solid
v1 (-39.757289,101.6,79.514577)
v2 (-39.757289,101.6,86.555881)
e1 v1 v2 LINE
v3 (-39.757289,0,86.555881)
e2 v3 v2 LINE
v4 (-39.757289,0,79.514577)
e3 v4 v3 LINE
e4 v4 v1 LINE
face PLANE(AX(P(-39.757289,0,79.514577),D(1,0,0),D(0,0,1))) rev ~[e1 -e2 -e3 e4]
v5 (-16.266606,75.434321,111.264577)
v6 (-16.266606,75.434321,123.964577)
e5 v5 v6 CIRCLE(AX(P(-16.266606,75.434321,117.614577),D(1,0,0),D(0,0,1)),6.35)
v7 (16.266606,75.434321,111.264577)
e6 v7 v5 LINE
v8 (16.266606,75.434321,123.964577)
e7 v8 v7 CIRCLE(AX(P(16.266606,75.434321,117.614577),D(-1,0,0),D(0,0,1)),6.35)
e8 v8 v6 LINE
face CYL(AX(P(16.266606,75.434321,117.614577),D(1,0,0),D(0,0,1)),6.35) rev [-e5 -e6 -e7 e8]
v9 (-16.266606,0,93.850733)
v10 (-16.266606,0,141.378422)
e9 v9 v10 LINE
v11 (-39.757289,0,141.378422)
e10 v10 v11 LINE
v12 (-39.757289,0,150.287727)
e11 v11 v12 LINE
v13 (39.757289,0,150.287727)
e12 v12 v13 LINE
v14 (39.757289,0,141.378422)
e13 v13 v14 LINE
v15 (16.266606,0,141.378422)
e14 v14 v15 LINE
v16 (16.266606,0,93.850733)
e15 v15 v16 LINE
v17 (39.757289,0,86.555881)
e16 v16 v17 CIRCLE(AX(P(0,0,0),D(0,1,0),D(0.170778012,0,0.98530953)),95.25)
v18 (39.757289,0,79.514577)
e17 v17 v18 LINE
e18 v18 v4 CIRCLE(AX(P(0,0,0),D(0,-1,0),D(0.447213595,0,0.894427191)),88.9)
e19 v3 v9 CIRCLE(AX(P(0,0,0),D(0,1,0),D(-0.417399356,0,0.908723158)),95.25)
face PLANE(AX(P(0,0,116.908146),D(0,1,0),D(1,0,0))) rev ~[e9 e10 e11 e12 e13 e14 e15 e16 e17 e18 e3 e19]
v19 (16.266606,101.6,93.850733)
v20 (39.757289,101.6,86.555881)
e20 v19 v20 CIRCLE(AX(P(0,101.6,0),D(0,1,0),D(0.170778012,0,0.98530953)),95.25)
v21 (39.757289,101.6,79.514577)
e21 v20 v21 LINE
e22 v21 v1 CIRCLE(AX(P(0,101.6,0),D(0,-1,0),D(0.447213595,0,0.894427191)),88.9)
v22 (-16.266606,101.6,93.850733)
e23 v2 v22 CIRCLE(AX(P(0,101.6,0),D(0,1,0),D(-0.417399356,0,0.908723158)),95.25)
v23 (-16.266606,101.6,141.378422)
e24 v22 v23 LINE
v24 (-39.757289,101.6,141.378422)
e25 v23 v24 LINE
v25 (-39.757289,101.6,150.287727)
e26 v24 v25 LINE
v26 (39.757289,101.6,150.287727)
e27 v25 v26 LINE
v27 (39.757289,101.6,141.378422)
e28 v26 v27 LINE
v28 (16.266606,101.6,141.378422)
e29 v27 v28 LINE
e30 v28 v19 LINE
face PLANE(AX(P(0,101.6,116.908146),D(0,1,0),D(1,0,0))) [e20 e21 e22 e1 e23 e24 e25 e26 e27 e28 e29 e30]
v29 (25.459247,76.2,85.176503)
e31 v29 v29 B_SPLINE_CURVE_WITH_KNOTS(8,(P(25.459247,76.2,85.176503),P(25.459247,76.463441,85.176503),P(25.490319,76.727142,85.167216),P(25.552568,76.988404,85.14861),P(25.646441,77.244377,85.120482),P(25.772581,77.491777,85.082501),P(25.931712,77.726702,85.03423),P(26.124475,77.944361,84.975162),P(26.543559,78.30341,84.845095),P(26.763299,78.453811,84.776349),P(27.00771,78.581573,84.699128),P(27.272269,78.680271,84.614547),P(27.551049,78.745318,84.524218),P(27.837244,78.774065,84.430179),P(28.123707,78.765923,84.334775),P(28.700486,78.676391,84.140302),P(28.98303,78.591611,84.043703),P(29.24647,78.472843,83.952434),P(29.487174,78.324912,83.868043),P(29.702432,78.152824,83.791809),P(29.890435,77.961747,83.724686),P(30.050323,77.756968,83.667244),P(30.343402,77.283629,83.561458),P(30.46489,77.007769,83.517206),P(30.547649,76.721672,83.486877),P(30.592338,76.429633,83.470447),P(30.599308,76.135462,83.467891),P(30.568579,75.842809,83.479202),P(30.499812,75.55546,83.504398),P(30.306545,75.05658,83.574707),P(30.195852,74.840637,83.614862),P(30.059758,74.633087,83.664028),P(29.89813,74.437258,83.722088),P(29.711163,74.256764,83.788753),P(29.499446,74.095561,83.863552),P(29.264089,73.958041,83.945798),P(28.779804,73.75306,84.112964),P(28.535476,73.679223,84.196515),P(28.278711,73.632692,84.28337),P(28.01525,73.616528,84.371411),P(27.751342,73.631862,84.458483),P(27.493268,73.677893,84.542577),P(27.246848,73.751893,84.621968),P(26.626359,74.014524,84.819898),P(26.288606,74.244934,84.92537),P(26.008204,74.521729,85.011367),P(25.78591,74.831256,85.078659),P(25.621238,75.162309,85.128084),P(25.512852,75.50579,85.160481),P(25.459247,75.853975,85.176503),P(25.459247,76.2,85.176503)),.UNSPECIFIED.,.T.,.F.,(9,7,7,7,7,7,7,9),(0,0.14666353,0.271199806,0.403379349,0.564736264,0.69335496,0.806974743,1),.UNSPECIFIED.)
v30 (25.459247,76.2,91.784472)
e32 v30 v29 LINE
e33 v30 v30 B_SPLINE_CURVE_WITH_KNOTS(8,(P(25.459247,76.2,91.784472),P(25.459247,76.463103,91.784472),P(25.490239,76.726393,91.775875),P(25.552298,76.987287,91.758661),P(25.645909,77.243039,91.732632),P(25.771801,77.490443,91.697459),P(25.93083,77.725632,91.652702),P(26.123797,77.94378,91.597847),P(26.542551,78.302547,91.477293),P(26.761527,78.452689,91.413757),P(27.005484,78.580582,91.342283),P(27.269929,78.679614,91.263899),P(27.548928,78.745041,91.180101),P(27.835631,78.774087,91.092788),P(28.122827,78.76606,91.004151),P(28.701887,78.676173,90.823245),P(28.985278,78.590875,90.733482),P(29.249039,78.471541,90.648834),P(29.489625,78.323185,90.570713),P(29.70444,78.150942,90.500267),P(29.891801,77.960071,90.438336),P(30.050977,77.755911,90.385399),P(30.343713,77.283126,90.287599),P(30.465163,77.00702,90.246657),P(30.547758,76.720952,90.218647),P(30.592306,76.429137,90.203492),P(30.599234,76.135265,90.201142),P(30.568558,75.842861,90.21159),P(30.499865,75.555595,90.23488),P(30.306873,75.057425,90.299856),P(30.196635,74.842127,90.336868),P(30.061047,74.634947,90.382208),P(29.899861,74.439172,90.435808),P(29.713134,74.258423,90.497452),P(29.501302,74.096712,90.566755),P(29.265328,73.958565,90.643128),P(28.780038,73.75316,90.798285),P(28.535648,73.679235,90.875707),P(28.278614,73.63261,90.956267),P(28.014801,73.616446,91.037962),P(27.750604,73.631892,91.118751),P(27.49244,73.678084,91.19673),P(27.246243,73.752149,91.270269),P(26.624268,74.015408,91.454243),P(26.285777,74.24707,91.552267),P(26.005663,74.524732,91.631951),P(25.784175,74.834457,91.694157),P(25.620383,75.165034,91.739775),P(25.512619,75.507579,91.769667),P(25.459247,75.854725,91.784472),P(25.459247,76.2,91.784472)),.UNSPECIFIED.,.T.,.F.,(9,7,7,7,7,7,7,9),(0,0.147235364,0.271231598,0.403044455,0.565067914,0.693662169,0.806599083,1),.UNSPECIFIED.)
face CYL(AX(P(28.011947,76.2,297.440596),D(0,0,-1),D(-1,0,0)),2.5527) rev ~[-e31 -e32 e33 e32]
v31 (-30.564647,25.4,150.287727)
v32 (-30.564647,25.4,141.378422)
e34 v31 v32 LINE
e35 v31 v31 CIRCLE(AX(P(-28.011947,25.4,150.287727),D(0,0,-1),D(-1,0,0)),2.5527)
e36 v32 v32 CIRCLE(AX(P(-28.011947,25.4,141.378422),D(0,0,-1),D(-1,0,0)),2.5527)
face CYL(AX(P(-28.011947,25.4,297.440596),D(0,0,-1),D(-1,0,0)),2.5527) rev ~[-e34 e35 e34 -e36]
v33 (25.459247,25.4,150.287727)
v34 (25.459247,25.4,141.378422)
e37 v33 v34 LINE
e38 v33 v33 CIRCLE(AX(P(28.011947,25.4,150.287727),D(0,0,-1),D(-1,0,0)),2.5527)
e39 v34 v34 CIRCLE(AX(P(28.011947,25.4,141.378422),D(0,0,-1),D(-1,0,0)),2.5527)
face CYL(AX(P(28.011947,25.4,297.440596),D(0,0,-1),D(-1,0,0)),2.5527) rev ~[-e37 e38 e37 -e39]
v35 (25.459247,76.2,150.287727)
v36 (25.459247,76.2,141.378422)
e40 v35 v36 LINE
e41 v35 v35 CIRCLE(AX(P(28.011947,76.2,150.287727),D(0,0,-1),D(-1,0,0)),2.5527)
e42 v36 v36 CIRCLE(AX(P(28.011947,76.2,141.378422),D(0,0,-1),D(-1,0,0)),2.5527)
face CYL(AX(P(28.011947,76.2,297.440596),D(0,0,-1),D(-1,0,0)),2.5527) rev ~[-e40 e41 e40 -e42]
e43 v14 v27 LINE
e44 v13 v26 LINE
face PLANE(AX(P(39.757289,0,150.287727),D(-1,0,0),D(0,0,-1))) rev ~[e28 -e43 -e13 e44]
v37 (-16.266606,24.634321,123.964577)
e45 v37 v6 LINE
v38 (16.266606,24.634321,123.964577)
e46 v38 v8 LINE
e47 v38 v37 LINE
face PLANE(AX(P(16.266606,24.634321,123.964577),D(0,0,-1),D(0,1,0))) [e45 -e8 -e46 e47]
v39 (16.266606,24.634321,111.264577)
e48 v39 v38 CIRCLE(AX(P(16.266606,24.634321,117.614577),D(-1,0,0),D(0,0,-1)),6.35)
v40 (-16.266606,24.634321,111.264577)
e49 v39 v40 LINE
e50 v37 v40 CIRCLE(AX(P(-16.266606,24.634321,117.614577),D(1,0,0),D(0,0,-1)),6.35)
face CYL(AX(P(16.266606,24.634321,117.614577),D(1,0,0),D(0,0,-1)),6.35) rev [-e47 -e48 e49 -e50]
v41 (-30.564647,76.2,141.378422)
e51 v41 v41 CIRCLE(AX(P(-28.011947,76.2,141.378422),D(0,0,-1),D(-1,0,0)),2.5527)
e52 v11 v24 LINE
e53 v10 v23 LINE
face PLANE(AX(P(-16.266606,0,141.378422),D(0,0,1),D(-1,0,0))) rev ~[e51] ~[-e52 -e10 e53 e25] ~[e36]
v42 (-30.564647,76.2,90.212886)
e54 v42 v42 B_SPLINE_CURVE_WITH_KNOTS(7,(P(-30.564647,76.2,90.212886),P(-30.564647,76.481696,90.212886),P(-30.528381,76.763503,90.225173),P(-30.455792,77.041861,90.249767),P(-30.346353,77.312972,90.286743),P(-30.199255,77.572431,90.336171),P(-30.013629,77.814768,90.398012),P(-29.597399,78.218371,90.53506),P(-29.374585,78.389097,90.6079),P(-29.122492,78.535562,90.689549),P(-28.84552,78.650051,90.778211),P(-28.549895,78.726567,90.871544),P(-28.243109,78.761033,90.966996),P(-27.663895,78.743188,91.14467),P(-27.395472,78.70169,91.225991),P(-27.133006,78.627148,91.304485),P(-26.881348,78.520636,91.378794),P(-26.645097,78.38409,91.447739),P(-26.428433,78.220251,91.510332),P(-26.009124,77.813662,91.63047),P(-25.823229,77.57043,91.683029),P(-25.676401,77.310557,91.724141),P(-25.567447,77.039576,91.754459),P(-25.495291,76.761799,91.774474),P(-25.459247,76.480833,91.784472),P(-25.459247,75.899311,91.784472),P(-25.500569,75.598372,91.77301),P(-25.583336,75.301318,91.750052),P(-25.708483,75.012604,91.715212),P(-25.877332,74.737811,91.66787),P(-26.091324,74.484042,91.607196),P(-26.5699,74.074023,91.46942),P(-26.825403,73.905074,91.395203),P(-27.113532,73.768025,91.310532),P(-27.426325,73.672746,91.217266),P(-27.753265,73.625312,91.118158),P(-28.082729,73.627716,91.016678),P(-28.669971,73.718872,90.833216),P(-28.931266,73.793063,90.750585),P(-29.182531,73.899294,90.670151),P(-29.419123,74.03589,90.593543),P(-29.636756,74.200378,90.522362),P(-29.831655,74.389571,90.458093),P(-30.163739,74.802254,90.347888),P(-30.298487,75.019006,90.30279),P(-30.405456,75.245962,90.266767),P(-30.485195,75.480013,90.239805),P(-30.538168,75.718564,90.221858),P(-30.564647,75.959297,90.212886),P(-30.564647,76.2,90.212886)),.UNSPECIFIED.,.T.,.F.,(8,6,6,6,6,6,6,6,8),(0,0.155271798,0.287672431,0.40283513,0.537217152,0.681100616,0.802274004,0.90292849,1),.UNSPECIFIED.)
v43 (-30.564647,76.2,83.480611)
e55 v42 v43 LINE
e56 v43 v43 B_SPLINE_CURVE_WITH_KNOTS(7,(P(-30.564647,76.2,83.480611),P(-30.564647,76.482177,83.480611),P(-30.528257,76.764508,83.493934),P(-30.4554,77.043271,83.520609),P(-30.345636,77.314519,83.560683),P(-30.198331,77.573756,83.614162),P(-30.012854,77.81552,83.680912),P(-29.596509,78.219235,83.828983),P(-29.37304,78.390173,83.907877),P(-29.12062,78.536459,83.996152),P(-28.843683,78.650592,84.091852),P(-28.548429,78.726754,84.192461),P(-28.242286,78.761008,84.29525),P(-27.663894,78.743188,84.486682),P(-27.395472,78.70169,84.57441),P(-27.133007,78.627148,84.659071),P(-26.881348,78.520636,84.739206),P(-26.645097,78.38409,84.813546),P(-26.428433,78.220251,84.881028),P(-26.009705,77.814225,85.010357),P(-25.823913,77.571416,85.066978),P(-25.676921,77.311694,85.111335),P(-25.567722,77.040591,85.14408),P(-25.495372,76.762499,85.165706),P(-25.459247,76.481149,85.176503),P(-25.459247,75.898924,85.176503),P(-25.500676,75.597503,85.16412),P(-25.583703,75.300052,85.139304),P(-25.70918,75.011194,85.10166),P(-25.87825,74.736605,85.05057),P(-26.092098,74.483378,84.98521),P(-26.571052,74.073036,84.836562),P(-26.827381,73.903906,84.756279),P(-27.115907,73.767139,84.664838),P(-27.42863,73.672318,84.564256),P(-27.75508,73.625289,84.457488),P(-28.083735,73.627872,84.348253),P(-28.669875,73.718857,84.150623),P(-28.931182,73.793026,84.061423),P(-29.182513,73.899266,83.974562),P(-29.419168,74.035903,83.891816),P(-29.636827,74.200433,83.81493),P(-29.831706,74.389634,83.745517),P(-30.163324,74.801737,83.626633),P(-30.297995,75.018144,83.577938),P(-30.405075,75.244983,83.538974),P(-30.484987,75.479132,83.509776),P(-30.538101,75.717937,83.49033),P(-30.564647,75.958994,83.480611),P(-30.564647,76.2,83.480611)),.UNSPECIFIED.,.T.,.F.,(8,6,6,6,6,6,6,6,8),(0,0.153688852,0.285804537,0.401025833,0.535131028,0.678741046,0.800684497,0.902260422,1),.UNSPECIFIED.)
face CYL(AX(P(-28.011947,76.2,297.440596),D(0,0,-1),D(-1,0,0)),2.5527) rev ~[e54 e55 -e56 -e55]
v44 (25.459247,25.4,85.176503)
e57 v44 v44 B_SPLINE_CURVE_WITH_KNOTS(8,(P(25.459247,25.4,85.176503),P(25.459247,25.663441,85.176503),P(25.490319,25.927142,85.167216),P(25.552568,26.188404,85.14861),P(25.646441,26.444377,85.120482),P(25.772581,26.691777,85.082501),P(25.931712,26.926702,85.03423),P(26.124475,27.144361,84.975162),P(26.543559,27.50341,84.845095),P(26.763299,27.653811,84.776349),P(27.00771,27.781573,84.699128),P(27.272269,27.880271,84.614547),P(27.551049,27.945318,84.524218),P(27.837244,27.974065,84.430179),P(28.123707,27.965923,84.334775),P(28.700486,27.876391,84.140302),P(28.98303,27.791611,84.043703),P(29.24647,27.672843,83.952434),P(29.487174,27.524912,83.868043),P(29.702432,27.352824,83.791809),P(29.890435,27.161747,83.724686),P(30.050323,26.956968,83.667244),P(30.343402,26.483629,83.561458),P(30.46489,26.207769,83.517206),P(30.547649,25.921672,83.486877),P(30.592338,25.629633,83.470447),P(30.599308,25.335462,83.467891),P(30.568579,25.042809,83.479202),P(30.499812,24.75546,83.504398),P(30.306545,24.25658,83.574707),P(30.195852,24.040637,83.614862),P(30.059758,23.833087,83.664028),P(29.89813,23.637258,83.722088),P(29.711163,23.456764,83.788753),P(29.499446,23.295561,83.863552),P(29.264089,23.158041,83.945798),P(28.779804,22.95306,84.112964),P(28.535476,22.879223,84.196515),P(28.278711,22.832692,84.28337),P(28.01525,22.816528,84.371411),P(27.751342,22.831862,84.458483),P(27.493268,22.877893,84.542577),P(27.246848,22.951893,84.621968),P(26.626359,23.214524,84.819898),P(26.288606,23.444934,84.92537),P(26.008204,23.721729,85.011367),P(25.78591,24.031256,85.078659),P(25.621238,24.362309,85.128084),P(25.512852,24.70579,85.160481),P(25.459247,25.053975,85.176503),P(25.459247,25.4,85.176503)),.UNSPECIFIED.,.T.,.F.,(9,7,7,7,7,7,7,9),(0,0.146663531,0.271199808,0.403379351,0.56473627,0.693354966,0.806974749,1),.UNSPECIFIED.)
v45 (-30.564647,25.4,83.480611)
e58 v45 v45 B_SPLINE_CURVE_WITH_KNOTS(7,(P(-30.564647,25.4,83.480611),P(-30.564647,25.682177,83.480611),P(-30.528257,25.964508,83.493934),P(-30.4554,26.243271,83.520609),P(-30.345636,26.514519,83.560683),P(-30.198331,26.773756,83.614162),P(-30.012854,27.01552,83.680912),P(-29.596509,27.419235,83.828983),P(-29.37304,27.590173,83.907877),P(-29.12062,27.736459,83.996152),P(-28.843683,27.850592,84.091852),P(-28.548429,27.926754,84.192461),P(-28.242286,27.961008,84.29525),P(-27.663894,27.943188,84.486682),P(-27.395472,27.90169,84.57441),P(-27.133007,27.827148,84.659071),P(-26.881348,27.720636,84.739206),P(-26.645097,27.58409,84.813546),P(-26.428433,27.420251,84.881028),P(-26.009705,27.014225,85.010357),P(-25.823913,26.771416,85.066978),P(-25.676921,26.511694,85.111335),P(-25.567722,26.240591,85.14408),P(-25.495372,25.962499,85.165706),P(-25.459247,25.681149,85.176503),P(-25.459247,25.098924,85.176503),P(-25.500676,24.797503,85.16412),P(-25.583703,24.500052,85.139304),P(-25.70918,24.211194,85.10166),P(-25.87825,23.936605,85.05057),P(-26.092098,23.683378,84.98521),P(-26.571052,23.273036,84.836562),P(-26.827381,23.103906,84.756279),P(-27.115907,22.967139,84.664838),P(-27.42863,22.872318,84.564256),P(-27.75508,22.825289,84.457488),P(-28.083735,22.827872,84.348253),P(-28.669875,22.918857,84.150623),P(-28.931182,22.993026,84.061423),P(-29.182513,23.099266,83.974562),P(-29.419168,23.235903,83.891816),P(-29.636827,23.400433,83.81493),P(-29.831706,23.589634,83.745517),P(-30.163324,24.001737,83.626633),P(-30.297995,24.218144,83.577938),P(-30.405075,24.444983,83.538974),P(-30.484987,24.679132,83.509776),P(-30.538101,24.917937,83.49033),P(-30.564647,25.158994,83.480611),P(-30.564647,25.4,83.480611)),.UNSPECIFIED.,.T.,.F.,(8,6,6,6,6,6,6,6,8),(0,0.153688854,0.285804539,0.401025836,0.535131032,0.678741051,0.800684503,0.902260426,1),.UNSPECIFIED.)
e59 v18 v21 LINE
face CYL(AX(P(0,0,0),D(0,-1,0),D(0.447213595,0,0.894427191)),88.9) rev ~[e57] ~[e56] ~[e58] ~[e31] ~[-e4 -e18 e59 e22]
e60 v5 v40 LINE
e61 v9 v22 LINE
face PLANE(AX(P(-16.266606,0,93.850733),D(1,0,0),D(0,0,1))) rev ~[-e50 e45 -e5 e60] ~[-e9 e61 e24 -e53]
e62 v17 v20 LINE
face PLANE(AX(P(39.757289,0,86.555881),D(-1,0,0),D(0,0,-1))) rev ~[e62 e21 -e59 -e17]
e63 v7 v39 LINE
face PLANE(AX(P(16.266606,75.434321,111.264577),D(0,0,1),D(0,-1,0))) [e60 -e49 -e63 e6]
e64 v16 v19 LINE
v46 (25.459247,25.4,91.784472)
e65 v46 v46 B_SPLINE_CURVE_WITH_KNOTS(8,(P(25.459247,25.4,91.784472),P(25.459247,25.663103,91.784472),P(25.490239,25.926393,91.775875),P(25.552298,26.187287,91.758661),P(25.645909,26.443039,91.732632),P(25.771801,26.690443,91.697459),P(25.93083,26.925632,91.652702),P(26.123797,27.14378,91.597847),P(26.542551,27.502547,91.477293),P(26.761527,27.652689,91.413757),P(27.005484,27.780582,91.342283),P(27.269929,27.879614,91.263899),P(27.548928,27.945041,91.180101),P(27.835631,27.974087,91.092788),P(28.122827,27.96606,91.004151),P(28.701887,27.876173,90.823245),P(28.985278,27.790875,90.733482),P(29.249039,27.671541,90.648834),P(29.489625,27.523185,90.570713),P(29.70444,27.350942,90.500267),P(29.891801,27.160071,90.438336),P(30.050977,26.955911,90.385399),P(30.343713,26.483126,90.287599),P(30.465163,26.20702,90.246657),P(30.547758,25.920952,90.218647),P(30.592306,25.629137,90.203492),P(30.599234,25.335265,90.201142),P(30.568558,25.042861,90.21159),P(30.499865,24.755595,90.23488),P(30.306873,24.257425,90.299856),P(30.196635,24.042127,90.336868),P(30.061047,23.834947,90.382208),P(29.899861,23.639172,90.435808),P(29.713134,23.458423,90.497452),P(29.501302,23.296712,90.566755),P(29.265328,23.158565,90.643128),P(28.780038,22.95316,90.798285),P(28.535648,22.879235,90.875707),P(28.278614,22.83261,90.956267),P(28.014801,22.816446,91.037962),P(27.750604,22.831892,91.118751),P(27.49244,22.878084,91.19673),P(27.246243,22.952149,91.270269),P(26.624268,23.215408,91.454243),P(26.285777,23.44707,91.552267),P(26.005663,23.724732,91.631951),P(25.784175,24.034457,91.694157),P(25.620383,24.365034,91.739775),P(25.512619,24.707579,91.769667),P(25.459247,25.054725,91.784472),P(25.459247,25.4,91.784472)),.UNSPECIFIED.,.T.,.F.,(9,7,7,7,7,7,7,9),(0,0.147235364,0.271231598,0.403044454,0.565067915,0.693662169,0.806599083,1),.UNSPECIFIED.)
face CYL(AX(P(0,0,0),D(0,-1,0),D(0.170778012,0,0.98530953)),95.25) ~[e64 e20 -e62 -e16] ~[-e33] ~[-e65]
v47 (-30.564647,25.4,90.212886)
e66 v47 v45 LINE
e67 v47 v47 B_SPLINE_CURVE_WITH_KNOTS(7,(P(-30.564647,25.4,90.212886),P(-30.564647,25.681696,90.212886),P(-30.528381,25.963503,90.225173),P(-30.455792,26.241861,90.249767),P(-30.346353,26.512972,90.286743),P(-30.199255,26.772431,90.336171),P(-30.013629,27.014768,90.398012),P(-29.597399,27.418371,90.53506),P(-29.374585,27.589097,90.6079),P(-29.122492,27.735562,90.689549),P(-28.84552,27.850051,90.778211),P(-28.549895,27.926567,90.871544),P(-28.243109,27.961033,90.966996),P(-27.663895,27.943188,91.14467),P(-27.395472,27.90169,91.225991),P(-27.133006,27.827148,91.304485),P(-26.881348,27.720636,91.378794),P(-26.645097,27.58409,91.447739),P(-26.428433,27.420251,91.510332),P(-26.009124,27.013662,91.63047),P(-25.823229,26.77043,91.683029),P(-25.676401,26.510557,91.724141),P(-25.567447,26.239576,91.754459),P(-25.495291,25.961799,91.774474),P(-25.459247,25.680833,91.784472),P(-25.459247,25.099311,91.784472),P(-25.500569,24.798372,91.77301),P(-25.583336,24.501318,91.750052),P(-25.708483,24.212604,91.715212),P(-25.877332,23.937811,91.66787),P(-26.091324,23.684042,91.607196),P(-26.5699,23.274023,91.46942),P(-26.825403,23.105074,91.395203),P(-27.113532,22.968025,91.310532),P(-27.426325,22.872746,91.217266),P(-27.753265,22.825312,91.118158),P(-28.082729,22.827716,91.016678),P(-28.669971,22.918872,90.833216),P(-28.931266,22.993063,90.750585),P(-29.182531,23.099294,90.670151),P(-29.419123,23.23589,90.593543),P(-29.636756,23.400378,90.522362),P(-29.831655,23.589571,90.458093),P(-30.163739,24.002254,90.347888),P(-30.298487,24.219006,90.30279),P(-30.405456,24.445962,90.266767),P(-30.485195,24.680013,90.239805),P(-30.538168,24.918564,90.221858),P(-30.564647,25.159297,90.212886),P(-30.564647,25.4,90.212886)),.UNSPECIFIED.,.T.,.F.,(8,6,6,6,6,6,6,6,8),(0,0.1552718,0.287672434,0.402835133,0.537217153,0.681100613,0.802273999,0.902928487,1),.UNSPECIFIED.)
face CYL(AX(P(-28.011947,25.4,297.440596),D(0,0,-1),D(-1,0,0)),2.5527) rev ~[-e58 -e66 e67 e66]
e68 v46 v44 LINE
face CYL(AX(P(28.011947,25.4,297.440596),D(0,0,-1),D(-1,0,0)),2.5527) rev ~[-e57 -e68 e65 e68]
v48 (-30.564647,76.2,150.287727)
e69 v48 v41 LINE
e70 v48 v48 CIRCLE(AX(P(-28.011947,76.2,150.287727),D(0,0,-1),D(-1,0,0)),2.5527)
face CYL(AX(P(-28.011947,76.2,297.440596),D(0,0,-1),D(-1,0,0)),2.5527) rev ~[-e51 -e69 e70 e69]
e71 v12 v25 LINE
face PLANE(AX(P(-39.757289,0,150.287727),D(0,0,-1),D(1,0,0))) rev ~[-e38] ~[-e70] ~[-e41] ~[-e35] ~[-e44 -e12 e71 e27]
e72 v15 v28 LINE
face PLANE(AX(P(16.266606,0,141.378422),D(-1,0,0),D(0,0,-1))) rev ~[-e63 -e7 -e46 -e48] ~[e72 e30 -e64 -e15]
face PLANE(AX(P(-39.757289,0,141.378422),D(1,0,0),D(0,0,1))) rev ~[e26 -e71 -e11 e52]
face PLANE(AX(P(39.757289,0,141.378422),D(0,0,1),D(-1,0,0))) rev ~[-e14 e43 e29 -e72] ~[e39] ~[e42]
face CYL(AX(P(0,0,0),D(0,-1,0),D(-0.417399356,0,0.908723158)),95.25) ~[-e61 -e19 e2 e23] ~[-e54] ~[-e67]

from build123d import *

# Parameters (mm, degrees)
BOSS_EXTRUDE1_DEPTH         = 101.6
CUT_EXTRUDE1_DEPTH          = 57.023894283
TAP_DRILL_FOR_1_4_20_TAP2_D = 5.1054


with BuildPart() as part:
    # Sketch1 → Boss-Extrude1 (new body)
    with BuildSketch(Plane(origin=(0, 0, 0), x_dir=(1, 0, 0), z_dir=(0, 1, 0))):
        with BuildLine():
            Line((-16.266605643, -141.378421793), (-39.75728864, -141.378421793))
            Line((-39.75728864, -141.378421793), (-39.75728864, -150.287727069))
            Line((-39.75728864, -150.287727069), (39.75728864, -150.287727069))
            Line((39.75728864, -150.287727069), (39.75728864, -141.378421793))
            Line((39.75728864, -141.378421793), (16.266605643, -141.378421793))
            Line((16.266605643, -141.378421793), (16.266605643, -93.850732767))
            ThreePointArc((16.266605643, -93.850732767), (28.248414097, -90.964771208), (39.75728864, -86.555880794))
            Line((39.75728864, -86.555880794), (39.75728864, -79.51457728))
            ThreePointArc((39.75728864, -79.51457728), (0, -88.9), (-39.75728864, -79.51457728))
            Line((-39.75728864, -79.51457728), (-39.75728864, -86.555880794))
            ThreePointArc((-39.75728864, -86.555880794), (-28.248414097, -90.964771208), (-16.266605643, -93.850732767))
            Line((-16.266605643, -93.850732767), (-16.266605643, -141.378421793))
        make_face()
    extrude(amount=BOSS_EXTRUDE1_DEPTH)

    # Sketch2 → Cut-Extrude1 (cut, through all)
    with BuildSketch(Plane(origin=(16.266605643, 0, 0), x_dir=(0, 0, -1), z_dir=(1, 0, 0))):
        with BuildLine():
            Line((-111.26457728, 75.434320996), (-111.26457728, 24.634320996))
            ThreePointArc((-111.26457728, 24.634320996), (-117.61457728, 18.284320996), (-123.96457728, 24.634320996))
            Line((-123.96457728, 24.634320996), (-123.96457728, 75.434320996))
            ThreePointArc((-123.96457728, 75.434320996), (-117.61457728, 81.784320996), (-111.26457728, 75.434320996))
        make_face()
    extrude(amount=-CUT_EXTRUDE1_DEPTH, mode=Mode.SUBTRACT)

    # Tap Drill for 1/4-20 Tap2 (through all)
    with Locations(Plane.XY.offset(150.287727069)):
        with Locations((28.011947142, 76.2), (-28.011947142, 76.2), (-28.011947142, 25.4), (28.011947142, 25.4)):
            Hole(TAP_DRILL_FOR_1_4_20_TAP2_D / 2)


solid = part.part
